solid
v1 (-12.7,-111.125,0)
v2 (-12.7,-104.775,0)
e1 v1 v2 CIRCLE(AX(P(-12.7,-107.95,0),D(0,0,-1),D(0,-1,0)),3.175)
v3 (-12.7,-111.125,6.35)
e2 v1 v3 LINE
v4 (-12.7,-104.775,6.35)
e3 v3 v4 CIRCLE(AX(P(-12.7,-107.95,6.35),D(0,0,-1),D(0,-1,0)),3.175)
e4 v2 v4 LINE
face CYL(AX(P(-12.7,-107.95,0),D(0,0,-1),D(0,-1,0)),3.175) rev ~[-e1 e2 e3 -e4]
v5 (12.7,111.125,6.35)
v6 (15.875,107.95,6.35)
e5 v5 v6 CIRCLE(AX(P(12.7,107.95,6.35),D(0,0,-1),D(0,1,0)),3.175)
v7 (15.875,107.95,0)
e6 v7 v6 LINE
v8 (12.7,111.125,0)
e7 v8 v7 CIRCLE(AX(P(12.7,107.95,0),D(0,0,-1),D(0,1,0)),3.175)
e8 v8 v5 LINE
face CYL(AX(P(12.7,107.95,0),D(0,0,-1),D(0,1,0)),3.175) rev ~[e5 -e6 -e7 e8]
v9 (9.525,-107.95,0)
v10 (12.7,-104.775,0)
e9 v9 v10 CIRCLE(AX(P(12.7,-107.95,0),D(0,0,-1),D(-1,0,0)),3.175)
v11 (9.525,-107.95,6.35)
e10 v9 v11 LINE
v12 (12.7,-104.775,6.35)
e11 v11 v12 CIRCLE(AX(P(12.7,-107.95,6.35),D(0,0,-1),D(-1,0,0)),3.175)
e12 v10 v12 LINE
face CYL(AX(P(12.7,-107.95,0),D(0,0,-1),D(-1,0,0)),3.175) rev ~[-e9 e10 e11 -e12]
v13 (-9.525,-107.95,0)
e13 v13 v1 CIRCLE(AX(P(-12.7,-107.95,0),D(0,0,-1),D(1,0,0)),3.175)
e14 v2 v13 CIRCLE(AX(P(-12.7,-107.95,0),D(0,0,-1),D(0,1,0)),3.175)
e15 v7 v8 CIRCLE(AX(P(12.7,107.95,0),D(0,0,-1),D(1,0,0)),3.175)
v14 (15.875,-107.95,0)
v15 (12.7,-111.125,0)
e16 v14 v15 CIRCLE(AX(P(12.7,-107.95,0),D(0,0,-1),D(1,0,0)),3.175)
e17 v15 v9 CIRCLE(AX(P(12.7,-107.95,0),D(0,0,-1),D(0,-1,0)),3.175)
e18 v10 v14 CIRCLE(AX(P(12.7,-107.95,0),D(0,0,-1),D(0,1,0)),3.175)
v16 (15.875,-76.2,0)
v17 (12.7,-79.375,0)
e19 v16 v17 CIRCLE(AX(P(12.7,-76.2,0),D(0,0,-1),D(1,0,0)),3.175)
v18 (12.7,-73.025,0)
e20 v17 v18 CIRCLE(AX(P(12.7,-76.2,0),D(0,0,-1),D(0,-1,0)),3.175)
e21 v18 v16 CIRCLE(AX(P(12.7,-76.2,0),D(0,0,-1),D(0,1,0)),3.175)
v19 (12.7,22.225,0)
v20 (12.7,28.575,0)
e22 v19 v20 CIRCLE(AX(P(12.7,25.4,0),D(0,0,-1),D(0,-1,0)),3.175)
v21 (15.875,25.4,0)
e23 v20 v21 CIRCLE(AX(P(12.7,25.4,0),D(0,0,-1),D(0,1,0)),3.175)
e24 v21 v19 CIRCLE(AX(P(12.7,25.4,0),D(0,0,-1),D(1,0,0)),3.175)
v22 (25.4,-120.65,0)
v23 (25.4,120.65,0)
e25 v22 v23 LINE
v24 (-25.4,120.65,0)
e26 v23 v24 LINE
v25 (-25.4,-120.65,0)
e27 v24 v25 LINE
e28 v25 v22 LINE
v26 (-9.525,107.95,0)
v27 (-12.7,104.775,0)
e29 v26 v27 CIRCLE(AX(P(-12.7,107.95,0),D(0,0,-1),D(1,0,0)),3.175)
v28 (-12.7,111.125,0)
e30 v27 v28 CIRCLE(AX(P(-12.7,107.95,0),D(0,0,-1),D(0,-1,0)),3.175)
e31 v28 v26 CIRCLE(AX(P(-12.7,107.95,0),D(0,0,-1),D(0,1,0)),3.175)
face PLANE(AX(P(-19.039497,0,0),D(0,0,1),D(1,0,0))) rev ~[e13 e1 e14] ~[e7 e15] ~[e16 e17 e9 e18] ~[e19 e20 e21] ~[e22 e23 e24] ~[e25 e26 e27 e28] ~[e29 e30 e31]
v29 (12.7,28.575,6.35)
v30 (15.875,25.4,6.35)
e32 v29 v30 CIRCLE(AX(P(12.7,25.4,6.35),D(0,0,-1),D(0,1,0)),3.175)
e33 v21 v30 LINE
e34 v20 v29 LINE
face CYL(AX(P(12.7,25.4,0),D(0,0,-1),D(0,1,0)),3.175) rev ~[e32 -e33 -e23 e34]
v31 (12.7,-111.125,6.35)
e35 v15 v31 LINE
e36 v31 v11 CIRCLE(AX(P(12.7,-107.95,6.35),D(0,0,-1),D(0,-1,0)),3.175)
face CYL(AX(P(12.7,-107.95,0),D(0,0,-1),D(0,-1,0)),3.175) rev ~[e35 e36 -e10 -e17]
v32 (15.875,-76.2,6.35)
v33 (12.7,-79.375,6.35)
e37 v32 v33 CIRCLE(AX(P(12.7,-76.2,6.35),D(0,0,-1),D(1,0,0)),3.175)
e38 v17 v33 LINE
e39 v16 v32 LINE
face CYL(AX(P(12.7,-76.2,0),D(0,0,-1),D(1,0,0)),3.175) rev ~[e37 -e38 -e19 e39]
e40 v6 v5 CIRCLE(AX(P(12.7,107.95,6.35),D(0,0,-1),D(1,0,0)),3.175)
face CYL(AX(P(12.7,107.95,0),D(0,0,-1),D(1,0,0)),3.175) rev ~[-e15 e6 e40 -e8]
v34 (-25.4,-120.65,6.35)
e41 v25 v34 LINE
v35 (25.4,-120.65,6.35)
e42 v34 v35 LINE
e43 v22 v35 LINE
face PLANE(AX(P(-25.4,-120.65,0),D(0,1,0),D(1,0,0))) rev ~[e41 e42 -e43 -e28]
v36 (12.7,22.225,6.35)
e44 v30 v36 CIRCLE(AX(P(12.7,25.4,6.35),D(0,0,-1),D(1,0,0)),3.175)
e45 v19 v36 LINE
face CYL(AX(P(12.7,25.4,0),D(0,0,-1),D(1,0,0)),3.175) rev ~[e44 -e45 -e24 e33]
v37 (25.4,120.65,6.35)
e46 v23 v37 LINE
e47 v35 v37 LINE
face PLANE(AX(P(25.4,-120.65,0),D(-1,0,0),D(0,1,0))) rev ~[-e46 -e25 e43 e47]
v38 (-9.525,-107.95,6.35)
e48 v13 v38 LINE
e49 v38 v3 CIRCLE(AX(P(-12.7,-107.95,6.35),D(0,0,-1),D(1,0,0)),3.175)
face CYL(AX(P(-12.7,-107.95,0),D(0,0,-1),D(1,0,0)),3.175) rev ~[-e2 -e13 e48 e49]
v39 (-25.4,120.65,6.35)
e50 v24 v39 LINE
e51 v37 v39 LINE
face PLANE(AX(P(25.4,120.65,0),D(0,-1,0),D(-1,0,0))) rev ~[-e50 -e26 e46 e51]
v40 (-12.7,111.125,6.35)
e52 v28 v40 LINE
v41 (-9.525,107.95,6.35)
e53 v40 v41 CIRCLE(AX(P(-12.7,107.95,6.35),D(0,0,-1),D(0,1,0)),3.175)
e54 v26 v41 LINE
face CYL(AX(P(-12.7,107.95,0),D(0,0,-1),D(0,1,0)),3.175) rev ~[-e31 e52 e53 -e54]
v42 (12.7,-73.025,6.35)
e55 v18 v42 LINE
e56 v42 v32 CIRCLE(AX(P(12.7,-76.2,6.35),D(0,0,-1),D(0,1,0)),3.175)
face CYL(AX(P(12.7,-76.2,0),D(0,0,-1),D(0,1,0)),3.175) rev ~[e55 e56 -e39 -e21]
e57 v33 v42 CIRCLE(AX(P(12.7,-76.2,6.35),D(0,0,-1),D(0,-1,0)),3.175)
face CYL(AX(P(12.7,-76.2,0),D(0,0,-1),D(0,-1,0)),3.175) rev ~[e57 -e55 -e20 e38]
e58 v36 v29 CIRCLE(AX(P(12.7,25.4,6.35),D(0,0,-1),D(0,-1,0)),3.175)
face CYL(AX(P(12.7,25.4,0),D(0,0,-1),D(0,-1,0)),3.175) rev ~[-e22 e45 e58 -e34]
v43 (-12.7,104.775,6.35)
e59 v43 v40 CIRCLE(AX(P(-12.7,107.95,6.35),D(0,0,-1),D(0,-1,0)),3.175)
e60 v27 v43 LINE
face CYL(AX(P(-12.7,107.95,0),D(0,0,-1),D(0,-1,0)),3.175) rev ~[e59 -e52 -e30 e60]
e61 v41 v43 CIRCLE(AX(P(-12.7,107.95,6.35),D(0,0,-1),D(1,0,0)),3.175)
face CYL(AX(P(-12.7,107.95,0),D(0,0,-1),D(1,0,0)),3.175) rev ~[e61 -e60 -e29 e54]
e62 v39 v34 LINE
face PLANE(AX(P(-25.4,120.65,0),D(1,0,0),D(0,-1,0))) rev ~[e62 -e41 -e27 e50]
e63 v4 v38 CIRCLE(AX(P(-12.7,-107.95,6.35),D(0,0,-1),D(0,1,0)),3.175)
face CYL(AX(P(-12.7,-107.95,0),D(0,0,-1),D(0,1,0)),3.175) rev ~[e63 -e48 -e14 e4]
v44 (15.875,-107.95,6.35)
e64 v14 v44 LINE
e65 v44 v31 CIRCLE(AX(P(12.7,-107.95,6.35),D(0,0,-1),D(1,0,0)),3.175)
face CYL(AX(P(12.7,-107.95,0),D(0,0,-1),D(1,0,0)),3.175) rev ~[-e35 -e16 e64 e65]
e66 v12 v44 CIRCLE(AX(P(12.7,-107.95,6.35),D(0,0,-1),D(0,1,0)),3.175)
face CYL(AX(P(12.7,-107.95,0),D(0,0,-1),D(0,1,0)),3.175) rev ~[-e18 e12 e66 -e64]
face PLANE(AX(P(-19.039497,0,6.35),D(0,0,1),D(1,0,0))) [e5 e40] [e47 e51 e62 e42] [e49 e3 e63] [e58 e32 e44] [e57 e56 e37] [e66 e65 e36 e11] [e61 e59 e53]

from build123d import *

# Parameters (mm, degrees)
F1_DEPTH = 6.35


with BuildPart() as f1:
    # F0 (on Top) → F1 (new body)
    with BuildSketch(Plane.XY):
        with BuildLine():
            Line((-12.7, 111.125), (-12.7, 120.65))
            Line((-12.7, 120.65), (-25.4, 120.65))
            Line((-25.4, 120.65), (-25.4, -120.65))
            Line((-25.4, -120.65), (-12.7, -120.65))
            Line((-12.7, -120.65), (-12.7, -111.125))
            ThreePointArc((-12.7, -111.125), (-15.875, -107.95), (-12.7, -104.775))
            Line((-12.7, -104.775), (-12.7, 104.775))
            ThreePointArc((-12.7, 104.775), (-15.875, 107.95), (-12.7, 111.125))
        make_face()
        with BuildLine():
            Line((25.4, -107.95), (25.4, 120.65))
            Line((25.4, 120.65), (12.7, 120.65))
            Line((12.7, 120.65), (-12.7, 120.65))
            Line((-12.7, 120.65), (-12.7, 111.125))
            ThreePointArc((-12.7, 111.125), (-10.4549359697, 110.1950640303), (-9.525, 107.95))
            ThreePointArc((-9.525, 107.95), (-10.4549359697, 105.7049359697), (-12.7, 104.775))
            Line((-12.7, 104.775), (-12.7, -104.775))
            ThreePointArc((-12.7, -104.775), (-10.4549359697, -105.7049359697), (-9.525, -107.95))
            Line((-9.525, -107.95), (9.525, -107.95))
            ThreePointArc((9.525, -107.95), (10.4549359697, -105.7049359697), (12.7, -104.775))
            ThreePointArc((12.7, -104.775), (14.9450640303, -105.7049359697), (15.875, -107.95))
            Line((15.875, -107.95), (25.4, -107.95))
        make_face()
        with BuildLine():
            ThreePointArc((15.875, -76.2), (14.9450640303, -78.4450640303), (12.7, -79.375))
            ThreePointArc((12.7, -79.375), (9.525, -76.2), (12.7, -73.025))
            ThreePointArc((12.7, -73.025), (14.9450640303, -73.9549359697), (15.875, -76.2))
        make_face(mode=Mode.SUBTRACT)
        with BuildLine():
            ThreePointArc((15.875, 25.4), (14.9450640303, 23.1549359697), (12.7, 22.225))
            ThreePointArc((12.7, 22.225), (9.525, 25.4), (12.7, 28.575))
            ThreePointArc((12.7, 28.575), (14.9450640303, 27.6450640303), (15.875, 25.4))
        make_face(mode=Mode.SUBTRACT)
        with BuildLine():
            ThreePointArc((15.875, 107.95), (10.4549359697, 105.7049359697), (12.7, 111.125))
            ThreePointArc((12.7, 111.125), (14.9450640303, 110.1950640303), (15.875, 107.95))
        make_face(mode=Mode.SUBTRACT)
        with BuildLine():
            Line((-12.7, -120.65), (12.7, -120.65))
            Line((12.7, -120.65), (12.7, -111.125))
            ThreePointArc((12.7, -111.125), (10.4549359697, -110.1950640303), (9.525, -107.95))
            Line((9.525, -107.95), (-9.525, -107.95))
            ThreePointArc((-9.525, -107.95), (-10.4549359697, -110.1950640303), (-12.7, -111.125))
            Line((-12.7, -111.125), (-12.7, -120.65))
        make_face()
        with BuildLine():
            Line((25.4, -120.65), (25.4, -107.95))
            Line((25.4, -107.95), (15.875, -107.95))
            ThreePointArc((15.875, -107.95), (14.9450640303, -110.1950640303), (12.7, -111.125))
            Line((12.7, -111.125), (12.7, -120.65))
            Line((12.7, -120.65), (25.4, -120.65))
        make_face()
    extrude(amount=F1_DEPTH)


solid = f1.part
